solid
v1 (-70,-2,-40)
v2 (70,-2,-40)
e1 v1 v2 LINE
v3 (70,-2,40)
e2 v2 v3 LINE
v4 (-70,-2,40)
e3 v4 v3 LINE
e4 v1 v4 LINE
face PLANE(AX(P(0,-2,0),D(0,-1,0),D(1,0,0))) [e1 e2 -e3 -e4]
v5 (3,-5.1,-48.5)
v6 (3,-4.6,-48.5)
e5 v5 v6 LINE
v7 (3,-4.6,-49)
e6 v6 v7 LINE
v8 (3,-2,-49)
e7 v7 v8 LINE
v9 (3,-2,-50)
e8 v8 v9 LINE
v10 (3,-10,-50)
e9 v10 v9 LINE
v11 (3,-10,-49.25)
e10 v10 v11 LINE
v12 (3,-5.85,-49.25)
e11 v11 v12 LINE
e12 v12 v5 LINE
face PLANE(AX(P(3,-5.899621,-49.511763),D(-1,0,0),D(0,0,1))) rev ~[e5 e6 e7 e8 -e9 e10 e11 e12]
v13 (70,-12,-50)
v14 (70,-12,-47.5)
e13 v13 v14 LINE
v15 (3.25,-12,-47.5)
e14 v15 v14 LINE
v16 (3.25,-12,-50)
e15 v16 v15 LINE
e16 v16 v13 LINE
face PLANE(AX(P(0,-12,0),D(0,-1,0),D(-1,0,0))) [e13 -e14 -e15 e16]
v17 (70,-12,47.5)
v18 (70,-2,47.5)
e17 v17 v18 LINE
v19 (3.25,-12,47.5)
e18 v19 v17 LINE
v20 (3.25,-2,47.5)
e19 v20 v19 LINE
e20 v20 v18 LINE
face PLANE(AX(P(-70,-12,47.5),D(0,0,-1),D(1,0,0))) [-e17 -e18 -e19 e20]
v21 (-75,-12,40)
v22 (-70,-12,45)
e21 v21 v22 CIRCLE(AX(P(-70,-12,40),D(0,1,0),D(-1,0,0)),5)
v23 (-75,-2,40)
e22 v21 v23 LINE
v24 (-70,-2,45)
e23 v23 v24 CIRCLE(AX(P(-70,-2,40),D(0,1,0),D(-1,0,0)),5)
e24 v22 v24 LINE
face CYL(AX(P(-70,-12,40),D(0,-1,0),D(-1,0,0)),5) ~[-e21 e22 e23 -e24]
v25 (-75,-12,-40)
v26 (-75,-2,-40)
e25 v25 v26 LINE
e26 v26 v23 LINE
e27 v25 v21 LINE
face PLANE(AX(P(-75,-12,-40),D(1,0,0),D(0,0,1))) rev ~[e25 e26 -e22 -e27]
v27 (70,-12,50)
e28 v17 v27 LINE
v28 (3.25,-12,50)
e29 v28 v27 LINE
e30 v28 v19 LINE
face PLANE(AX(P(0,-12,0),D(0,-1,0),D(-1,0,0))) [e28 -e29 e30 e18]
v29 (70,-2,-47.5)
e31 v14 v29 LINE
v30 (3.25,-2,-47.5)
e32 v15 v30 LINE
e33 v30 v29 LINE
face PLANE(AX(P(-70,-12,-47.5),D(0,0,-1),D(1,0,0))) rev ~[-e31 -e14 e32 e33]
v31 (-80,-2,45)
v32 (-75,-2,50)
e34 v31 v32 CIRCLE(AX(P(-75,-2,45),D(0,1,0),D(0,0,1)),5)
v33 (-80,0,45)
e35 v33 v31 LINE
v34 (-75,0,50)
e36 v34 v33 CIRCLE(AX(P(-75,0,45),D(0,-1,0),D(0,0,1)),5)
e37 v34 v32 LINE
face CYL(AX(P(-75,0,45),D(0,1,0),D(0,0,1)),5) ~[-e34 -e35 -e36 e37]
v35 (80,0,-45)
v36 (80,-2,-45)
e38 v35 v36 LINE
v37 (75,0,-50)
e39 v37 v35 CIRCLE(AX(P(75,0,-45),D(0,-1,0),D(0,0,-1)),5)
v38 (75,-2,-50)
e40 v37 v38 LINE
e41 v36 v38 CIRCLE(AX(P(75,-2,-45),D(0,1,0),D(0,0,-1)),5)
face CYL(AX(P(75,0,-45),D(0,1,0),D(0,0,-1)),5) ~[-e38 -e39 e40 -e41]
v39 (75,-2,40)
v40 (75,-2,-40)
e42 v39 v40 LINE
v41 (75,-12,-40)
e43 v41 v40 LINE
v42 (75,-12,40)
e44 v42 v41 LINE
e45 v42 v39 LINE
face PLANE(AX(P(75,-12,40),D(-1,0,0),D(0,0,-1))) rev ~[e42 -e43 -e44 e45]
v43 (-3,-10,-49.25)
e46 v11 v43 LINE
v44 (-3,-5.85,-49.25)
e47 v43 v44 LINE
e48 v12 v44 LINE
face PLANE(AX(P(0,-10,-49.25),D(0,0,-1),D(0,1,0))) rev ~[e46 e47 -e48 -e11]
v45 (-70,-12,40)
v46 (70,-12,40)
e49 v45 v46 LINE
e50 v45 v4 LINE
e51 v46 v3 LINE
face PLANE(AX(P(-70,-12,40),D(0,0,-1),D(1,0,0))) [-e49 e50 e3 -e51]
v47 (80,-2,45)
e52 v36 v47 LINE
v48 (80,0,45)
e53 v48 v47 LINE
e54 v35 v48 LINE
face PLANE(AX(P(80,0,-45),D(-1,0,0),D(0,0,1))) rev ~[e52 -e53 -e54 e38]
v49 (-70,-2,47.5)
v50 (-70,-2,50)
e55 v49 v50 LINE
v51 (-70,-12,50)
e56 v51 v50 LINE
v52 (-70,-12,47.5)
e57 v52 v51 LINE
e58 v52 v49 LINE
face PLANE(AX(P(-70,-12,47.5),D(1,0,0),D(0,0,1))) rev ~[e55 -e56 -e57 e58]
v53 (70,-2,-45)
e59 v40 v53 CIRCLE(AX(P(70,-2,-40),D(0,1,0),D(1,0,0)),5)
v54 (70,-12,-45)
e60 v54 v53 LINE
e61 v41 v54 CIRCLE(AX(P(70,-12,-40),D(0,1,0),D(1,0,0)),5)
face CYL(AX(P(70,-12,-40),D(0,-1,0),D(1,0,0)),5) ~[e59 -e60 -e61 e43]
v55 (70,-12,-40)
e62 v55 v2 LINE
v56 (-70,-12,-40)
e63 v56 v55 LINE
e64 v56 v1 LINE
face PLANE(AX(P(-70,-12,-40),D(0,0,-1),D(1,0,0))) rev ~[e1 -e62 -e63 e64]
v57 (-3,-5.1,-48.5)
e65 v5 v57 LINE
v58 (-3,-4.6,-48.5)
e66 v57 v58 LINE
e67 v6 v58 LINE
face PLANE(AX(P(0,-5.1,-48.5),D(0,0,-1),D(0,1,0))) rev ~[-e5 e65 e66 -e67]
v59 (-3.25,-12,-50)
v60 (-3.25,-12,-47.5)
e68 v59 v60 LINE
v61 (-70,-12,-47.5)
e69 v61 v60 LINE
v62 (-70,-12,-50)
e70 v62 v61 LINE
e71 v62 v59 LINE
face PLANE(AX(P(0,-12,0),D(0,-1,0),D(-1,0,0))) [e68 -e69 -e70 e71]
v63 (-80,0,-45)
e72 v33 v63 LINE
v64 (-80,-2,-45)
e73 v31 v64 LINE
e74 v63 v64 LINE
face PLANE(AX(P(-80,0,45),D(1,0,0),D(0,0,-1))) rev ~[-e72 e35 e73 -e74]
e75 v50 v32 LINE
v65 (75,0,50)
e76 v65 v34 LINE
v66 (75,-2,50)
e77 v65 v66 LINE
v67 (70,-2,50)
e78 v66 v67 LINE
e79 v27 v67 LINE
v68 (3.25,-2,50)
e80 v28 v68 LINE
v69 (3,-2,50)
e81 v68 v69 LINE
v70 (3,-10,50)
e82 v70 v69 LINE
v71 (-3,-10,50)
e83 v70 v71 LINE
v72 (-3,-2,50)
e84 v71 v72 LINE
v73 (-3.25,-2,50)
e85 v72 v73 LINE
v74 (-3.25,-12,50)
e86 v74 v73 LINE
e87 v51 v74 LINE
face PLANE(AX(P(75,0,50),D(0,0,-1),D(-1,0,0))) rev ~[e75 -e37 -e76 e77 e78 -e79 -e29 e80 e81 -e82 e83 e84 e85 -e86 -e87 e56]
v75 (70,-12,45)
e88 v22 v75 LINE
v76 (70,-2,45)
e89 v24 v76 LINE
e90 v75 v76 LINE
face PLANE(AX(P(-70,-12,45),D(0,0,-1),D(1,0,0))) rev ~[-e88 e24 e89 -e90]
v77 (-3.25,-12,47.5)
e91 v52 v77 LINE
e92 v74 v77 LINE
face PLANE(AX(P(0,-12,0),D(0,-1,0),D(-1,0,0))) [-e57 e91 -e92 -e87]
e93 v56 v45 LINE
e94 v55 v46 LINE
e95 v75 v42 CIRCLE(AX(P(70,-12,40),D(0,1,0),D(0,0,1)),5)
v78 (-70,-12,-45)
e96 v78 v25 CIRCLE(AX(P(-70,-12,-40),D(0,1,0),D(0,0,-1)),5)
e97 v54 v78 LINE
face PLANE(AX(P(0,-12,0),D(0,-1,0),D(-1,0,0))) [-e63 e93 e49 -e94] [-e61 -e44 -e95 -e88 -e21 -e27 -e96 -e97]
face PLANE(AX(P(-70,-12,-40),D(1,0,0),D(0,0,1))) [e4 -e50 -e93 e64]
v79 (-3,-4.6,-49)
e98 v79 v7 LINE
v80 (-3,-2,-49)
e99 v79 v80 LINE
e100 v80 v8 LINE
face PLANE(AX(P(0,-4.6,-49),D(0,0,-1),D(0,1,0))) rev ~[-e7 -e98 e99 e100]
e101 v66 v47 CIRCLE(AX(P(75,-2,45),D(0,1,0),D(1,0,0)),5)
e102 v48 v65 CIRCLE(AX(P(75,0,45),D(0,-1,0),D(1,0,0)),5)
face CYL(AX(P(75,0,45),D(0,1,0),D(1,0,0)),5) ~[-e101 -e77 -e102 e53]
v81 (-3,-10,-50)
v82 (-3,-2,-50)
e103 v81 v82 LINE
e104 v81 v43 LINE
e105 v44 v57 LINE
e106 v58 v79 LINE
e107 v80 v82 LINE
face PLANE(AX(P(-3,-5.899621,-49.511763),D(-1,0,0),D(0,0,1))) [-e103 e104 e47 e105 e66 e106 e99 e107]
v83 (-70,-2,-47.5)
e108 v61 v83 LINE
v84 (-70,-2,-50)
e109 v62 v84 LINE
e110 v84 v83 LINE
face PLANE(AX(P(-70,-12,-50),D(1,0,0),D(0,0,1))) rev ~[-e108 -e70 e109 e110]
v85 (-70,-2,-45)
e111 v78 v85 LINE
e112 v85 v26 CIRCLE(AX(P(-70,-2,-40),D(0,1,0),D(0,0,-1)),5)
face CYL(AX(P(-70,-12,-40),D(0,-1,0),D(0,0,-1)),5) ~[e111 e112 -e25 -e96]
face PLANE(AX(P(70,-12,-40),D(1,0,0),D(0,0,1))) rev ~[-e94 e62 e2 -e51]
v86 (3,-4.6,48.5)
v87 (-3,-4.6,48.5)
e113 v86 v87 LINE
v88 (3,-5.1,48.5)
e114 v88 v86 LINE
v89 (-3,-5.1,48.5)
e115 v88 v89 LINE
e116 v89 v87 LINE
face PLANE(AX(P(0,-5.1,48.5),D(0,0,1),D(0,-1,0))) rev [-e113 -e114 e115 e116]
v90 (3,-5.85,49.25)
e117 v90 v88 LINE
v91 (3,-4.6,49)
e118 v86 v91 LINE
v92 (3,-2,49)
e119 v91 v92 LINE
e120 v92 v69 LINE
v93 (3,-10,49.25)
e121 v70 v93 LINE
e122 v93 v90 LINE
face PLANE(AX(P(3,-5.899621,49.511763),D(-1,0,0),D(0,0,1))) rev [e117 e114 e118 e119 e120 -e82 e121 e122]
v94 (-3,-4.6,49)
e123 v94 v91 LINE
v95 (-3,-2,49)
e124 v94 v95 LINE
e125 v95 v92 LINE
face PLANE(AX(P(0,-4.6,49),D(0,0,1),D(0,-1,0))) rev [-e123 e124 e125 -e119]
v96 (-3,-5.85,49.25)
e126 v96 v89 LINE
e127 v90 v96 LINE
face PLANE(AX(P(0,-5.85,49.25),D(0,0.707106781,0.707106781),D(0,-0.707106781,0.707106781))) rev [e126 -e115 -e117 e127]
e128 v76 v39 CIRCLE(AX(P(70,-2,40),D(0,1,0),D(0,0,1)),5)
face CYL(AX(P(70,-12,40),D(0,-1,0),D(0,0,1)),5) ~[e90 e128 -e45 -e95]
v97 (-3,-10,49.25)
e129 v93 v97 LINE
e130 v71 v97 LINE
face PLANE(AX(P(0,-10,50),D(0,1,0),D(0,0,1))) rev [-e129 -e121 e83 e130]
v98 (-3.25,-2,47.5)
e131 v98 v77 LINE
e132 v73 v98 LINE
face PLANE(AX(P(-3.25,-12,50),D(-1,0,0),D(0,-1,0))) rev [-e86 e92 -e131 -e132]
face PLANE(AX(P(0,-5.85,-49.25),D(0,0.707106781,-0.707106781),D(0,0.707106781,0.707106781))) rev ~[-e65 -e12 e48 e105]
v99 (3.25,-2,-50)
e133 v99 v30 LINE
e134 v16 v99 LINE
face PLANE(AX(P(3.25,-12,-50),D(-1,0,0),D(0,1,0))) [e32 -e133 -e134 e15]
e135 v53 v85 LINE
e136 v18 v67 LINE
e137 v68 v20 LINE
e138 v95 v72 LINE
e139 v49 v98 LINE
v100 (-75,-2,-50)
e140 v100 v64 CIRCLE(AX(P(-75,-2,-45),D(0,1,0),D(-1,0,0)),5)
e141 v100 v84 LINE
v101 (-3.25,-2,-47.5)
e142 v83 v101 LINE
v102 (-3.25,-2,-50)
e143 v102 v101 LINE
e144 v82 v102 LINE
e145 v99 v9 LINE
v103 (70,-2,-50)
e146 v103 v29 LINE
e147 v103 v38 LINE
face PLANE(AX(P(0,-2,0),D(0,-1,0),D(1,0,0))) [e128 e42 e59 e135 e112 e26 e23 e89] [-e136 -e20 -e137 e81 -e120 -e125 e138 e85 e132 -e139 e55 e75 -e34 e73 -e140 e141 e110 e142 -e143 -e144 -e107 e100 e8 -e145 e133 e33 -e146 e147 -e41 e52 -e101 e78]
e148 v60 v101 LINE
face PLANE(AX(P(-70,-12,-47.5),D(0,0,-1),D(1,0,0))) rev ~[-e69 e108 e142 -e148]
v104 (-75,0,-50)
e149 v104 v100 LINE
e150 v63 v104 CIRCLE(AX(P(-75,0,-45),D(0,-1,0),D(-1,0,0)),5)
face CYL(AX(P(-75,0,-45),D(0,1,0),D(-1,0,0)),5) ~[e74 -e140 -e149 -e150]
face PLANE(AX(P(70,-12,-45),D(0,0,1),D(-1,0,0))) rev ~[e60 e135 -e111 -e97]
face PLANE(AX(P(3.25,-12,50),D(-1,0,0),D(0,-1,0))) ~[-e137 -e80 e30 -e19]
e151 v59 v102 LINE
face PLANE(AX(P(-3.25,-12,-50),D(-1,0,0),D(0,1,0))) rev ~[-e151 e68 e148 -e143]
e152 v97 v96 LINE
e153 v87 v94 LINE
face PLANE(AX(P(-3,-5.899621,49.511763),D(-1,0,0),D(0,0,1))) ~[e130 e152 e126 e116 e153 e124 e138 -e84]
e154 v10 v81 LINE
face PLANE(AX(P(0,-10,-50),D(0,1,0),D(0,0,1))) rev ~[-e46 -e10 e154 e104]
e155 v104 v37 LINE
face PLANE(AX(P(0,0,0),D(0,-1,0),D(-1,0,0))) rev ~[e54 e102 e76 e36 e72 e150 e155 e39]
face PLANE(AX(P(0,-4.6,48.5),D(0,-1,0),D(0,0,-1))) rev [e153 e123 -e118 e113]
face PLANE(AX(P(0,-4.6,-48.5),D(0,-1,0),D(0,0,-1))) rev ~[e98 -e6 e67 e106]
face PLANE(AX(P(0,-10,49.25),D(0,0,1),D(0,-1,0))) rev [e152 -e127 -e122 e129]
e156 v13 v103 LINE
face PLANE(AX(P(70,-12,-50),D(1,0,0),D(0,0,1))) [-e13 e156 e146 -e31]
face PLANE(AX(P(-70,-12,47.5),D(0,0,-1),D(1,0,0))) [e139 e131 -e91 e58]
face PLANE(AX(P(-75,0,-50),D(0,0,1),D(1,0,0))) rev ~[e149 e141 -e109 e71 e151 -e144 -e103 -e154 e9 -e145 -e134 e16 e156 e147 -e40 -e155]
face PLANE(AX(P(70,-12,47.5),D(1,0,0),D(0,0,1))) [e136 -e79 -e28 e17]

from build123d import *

# Parameters (mm, degrees)
BOSS_EXTRUDE1_DEPTH = 12
SKETCH6_OUTSIDE_W   = 199.812
SKETCH6_OUTSIDE_H   = 139.812
SKETCH6_OUTSIDE_W_2 = 140
SKETCH6_OUTSIDE_H_2 = 2.5
CUT_EXTRUDE1_DEPTH  = 10
SKETCH7_W           = 140
SKETCH7_H           = 80
CUT_EXTRUDE2_DEPTH  = 10
SKETCH13_W          = 6.5
SKETCH13_H          = 10
CUT_EXTRUDE3_DEPTH  = 5
BOSS_EXTRUDE2_DEPTH = 3


with BuildPart() as part:
    # Sketch3 → Boss-Extrude1 (new body)
    with BuildSketch(Plane(origin=(0, 0, 0), x_dir=(1, 0, 0), z_dir=(0, 1, 0))):
        with BuildLine():
            Line((75, -50), (-75, -50))
            ThreePointArc((-75, -50), (-78.535533906, -48.535533906), (-80, -45))
            Line((-80, -45), (-80, 45))
            ThreePointArc((-80, 45), (-78.535533906, 48.535533906), (-75, 50))
            Line((-75, 50), (75, 50))
            ThreePointArc((75, 50), (78.535533906, 48.535533906), (80, 45))
            Line((80, 45), (80, -45))
            ThreePointArc((80, -45), (78.535533906, -48.535533906), (75, -50))
        make_face()
    extrude(amount=-BOSS_EXTRUDE1_DEPTH)

    # Sketch6 outside → Cut-Extrude1 (cut)
    with BuildSketch(Plane.XZ.offset(12)):
        Rectangle(SKETCH6_OUTSIDE_W, SKETCH6_OUTSIDE_H)
        with BuildLine():
            Line((70, -45), (-70, -45))
            ThreePointArc((-70, -45), (-73.535533906, -43.535533906), (-75, -40))
            Line((-75, -40), (-75, 40))
            ThreePointArc((-75, 40), (-73.535533906, 43.535533906), (-70, 45))
            Line((-70, 45), (70, 45))
            ThreePointArc((70, 45), (73.535533906, 43.535533906), (75, 40))
            Line((75, 40), (75, -40))
            ThreePointArc((75, -40), (73.535533906, -43.535533906), (70, -45))
        make_face(mode=Mode.SUBTRACT)
        with Locations((0, 48.75)):
            Rectangle(SKETCH6_OUTSIDE_W_2, SKETCH6_OUTSIDE_H_2, mode=Mode.SUBTRACT)
        with Locations((0, -48.75)):
            Rectangle(SKETCH6_OUTSIDE_W_2, SKETCH6_OUTSIDE_H_2, mode=Mode.SUBTRACT)
    extrude(amount=-CUT_EXTRUDE1_DEPTH, mode=Mode.SUBTRACT)

    # Sketch7 → Cut-Extrude2 (cut)
    with BuildSketch(Plane.XZ.offset(12)):
        Rectangle(SKETCH7_W, SKETCH7_H)
    extrude(amount=-CUT_EXTRUDE2_DEPTH, mode=Mode.SUBTRACT)

    # Sketch13 → Cut-Extrude3 (cut)
    with BuildSketch(Plane(origin=(0, 0, -50), x_dir=(-1, 0, 0), z_dir=(0, 0, -1))):
        with Locations((0, -7)):
            Rectangle(SKETCH13_W, SKETCH13_H)
    cut_extrude3 = extrude(amount=-CUT_EXTRUDE3_DEPTH, mode=Mode.SUBTRACT)

    # Sketch14 → Boss-Extrude2 (add, symmetric)
    with BuildSketch(Plane(origin=(0, 0, 0), x_dir=(0, 0, -1), z_dir=(1, 0, 0))):
        Polygon((50, -2), (50, -5.8), (50, -10), (49.25, -10), (49.25, -5.85), (48.5, -5.1), (48.5, -4.6), (49, -4.6), (49, -2), align=None)
    boss_extrude2 = extrude(amount=BOSS_EXTRUDE2_DEPTH, both=True)

    # Mirror1: Cut-Extrude3, Boss-Extrude2 across plane
    add(cut_extrude3.mirror(Plane.XY), mode=Mode.SUBTRACT)
    add(boss_extrude2.mirror(Plane.XY))


solid = part.part
